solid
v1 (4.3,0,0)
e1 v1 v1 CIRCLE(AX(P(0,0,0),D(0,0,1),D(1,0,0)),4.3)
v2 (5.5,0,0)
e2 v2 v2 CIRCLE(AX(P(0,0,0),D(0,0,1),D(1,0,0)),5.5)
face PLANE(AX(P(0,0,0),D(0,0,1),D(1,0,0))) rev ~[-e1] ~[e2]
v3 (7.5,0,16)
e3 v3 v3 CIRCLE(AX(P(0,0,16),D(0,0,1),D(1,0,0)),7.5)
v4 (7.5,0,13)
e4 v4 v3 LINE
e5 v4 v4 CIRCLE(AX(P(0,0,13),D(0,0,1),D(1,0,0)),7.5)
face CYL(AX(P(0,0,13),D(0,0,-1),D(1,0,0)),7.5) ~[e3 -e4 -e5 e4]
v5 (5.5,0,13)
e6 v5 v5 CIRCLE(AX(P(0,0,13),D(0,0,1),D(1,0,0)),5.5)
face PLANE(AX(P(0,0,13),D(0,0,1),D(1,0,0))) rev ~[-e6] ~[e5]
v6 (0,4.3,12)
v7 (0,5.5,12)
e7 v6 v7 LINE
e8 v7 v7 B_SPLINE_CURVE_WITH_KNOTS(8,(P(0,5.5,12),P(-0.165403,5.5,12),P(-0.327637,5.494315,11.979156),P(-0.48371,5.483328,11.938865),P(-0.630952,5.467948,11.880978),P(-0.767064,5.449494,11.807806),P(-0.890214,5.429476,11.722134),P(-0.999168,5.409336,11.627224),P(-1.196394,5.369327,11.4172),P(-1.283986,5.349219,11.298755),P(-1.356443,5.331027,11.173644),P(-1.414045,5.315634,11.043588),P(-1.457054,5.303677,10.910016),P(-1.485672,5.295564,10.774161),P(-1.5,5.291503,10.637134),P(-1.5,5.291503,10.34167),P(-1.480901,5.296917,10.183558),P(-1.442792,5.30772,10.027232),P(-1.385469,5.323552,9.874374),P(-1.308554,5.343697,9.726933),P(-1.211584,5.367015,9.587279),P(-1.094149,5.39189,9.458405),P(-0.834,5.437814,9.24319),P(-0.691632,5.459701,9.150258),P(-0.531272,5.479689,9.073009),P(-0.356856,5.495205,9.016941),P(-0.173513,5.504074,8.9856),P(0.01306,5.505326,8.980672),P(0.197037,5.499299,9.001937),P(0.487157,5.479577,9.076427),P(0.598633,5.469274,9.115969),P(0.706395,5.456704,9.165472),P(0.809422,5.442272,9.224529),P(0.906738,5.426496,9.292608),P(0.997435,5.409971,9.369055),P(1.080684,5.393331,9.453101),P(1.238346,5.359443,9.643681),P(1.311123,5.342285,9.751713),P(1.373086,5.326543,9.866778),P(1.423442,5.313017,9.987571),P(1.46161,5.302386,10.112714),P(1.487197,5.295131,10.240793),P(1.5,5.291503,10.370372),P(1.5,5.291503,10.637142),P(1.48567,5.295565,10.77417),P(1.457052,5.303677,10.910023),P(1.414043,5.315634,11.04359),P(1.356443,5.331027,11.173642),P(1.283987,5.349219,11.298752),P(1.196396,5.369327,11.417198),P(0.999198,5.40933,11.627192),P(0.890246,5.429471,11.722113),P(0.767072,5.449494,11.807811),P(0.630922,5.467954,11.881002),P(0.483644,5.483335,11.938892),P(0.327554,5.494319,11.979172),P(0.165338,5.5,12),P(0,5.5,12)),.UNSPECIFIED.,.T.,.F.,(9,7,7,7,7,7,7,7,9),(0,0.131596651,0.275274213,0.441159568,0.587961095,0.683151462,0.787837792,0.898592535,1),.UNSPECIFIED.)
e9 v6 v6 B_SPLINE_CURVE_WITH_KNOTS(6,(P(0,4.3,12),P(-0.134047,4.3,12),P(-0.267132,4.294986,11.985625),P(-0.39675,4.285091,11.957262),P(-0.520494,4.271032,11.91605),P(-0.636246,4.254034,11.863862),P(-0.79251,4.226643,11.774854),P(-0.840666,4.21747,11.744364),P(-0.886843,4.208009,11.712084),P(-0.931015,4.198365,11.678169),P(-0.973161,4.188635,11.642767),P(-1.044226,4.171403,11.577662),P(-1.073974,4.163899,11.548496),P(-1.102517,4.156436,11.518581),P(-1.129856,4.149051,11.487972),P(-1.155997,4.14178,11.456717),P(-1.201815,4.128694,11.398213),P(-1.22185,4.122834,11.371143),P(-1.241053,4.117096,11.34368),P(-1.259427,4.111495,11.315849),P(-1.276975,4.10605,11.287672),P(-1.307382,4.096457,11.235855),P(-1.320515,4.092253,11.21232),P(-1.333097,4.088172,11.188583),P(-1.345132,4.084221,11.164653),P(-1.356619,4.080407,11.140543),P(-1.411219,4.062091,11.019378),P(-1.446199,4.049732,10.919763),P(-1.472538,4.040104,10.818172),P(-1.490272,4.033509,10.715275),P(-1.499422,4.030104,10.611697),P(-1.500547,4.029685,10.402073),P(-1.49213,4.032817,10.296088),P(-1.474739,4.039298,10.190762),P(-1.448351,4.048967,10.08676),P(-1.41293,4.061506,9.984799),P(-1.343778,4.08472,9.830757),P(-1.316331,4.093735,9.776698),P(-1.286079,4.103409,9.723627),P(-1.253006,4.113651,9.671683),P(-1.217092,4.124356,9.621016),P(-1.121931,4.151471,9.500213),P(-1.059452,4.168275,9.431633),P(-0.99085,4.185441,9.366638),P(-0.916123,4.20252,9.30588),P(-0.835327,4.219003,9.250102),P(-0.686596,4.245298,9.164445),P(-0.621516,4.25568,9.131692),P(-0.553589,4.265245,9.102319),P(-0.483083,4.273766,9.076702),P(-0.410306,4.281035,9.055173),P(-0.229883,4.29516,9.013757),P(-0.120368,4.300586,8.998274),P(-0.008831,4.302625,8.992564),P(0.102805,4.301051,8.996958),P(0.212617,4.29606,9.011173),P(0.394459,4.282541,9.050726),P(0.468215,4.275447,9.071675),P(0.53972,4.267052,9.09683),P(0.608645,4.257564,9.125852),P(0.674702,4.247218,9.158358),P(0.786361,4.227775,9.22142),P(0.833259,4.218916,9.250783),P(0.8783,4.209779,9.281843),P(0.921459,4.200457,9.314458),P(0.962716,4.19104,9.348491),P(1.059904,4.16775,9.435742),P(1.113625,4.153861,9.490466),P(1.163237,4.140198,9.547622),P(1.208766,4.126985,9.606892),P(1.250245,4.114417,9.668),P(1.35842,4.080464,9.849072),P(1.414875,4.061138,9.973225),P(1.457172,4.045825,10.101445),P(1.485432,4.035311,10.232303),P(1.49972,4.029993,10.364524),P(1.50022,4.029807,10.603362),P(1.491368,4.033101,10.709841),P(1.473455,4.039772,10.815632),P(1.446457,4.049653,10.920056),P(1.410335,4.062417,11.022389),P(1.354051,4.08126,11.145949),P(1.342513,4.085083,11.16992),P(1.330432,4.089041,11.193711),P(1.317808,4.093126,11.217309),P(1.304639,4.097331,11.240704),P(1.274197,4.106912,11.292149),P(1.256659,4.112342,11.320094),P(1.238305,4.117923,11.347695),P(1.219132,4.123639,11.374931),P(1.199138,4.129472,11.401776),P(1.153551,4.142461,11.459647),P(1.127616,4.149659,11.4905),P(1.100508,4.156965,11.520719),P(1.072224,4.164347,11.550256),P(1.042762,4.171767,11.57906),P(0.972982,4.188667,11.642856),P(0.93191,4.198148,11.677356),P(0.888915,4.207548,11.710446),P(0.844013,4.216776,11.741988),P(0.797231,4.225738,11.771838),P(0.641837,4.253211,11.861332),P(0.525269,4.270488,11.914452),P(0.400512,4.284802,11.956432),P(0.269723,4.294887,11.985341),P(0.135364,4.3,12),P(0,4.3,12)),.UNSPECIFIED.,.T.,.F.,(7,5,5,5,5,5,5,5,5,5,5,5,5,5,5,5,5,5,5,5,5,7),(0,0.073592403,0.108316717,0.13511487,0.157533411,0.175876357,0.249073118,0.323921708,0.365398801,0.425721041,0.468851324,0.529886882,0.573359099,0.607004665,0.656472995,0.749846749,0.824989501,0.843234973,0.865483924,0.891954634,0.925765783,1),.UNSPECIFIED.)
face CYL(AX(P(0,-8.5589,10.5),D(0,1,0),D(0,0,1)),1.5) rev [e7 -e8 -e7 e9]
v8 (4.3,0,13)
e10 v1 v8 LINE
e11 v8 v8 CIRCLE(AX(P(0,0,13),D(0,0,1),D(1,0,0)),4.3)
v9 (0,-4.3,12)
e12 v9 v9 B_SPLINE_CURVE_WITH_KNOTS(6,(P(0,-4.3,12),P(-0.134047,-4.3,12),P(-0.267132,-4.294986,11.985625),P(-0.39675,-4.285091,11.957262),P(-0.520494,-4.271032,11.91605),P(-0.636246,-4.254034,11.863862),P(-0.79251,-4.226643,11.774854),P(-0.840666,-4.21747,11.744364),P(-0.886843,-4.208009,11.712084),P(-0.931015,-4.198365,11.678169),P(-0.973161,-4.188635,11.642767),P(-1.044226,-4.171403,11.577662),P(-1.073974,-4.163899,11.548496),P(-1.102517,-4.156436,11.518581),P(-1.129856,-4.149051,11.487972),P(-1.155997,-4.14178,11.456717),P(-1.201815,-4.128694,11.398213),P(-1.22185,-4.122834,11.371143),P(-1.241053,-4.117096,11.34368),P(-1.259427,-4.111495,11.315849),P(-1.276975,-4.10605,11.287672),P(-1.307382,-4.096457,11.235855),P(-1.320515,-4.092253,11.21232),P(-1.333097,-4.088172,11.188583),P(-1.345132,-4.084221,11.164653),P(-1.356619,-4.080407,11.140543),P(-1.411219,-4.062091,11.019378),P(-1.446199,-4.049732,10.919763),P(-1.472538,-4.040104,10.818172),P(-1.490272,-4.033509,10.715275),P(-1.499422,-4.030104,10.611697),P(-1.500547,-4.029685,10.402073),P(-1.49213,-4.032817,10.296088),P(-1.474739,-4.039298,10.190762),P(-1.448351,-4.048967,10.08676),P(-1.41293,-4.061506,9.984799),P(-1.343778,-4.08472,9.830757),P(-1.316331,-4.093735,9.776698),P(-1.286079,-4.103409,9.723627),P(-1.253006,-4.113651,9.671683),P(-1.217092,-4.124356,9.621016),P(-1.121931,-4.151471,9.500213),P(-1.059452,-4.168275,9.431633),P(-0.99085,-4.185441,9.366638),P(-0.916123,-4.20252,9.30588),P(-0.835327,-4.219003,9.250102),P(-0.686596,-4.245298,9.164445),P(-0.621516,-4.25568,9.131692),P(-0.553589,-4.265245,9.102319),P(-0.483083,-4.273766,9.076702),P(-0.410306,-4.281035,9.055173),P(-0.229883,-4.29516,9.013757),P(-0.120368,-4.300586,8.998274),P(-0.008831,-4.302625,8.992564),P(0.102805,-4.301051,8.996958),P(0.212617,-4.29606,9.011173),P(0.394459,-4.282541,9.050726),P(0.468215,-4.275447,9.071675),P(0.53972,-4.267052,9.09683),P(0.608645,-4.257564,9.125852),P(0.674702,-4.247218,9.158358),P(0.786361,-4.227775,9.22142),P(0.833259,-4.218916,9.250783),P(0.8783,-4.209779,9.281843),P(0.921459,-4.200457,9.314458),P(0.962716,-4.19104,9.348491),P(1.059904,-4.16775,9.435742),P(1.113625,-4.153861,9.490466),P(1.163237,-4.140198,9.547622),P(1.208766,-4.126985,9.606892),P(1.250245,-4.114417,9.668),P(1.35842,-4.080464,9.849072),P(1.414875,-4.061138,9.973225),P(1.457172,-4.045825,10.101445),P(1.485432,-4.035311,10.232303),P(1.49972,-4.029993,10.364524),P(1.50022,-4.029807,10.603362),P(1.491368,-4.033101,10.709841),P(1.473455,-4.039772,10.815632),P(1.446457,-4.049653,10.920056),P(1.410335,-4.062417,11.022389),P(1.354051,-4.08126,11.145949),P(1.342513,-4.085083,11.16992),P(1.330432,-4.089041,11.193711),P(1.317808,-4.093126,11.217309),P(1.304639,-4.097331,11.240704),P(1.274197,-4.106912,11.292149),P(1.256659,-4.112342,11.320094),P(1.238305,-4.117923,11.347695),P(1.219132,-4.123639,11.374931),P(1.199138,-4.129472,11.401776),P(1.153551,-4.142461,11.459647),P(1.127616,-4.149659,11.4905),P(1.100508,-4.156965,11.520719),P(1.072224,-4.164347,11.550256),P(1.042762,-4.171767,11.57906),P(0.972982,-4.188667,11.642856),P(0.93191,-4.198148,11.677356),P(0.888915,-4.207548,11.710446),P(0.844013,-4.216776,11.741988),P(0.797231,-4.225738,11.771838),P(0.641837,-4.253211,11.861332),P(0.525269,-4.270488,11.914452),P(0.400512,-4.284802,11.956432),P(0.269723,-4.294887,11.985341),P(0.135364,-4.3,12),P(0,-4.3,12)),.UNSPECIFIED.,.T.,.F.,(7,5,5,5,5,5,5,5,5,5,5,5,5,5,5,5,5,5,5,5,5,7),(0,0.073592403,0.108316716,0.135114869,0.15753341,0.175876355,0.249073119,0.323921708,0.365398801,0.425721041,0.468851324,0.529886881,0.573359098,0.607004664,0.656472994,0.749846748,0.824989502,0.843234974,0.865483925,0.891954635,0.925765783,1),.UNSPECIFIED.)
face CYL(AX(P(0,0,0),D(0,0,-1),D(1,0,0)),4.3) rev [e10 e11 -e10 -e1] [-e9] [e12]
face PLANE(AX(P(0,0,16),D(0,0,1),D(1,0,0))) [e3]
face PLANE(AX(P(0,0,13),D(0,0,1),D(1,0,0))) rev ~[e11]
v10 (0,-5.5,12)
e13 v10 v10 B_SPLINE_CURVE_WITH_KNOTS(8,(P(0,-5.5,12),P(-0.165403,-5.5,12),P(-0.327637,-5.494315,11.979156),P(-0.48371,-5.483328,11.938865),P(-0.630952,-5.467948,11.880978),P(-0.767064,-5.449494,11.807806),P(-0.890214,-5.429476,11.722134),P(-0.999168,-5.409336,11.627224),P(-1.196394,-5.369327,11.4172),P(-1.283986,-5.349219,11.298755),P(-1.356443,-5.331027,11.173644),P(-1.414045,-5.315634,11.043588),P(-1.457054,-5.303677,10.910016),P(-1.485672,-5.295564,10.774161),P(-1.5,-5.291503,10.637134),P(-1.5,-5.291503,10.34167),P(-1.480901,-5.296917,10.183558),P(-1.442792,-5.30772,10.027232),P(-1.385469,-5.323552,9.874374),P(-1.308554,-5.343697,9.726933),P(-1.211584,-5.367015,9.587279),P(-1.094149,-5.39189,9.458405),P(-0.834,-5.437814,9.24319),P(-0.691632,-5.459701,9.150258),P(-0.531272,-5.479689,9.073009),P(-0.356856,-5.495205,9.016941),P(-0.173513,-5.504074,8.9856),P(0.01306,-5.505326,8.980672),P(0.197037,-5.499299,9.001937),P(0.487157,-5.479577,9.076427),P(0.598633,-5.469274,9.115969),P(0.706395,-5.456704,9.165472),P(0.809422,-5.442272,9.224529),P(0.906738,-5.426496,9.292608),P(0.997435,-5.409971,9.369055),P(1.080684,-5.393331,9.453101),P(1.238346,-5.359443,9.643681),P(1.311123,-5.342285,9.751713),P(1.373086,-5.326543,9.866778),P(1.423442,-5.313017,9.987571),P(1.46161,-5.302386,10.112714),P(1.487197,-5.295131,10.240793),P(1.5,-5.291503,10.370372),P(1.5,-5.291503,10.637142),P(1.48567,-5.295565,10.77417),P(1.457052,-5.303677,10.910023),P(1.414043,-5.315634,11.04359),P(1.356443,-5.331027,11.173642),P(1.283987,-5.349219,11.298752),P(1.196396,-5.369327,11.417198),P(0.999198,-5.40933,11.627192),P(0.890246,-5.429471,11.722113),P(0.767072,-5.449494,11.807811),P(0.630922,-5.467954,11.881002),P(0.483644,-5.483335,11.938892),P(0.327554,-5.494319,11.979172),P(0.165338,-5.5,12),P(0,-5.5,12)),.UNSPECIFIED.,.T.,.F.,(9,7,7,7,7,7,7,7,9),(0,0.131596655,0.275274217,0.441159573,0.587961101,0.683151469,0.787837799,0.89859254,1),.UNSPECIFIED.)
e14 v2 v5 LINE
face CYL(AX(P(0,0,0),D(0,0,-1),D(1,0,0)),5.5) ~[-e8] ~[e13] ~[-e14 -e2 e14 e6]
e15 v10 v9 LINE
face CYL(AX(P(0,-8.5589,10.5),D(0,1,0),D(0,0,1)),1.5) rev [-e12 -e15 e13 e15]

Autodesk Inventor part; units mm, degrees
ref_plane "YZ Plane" through (0, 0, 0) normal (1, 0, 0) x (0, 1, 0)
ref_plane "XZ Plane" through (0, 0, 0) normal (0, 1, 0) x (-1, 0, 0)
ref_plane "XY Plane" through (0, 0, 0) normal (0, 0, 1) x (1, 0, 0)
sketch "스케치1" plane through (0, 0, 0) normal (0, 0, 1) x (1, 0, 0)
  circle A0 centre (0, 0) radius 5.5
  circle A1 centre (0, 0) radius 4.3
  dimension "d0" = 11
  dimension "d1" = 8.6
extrude "돌출1" add sketch "스케치1" along normal blind 13
sketch "스케치2" plane through (0, 0, 13) normal (0, 0, 1) x (1, 0, 0)
  circle A0 centre (0, 0) radius 4.3 projected
  circle A1 centre (0, 0) radius 7.5
  dimension "d4" = 15
extrude "돌출2" add sketch "스케치2" along normal blind 3 contours A0 | A1
sketch "스케치3" plane through (0, 0, 0) normal (1, 0, 0) x (0, 1, 0)
  line L0 (7.4799, 10.5) -> (-8.5589, 10.5)
  line L1 (-8.5589, 10.5) -> (-8.5589, 12)
  line L2 (-8.5589, 12) -> (7.4799, 12)
  line L3 (7.4799, 12) -> (7.4799, 10.5)
  line L4 (7.5, 13) -> (-7.5, 13) projected
  point P0 (0, 0)
  dimension "d7" = 1.5
  dimension "d10" = 2.5
revolve "회전1" cut sketch "스케치3" angle 360 about axis through (0, 7.4799, 10.5) along (0, -1, 0)
properties part number "SAFRS-P-0060"
